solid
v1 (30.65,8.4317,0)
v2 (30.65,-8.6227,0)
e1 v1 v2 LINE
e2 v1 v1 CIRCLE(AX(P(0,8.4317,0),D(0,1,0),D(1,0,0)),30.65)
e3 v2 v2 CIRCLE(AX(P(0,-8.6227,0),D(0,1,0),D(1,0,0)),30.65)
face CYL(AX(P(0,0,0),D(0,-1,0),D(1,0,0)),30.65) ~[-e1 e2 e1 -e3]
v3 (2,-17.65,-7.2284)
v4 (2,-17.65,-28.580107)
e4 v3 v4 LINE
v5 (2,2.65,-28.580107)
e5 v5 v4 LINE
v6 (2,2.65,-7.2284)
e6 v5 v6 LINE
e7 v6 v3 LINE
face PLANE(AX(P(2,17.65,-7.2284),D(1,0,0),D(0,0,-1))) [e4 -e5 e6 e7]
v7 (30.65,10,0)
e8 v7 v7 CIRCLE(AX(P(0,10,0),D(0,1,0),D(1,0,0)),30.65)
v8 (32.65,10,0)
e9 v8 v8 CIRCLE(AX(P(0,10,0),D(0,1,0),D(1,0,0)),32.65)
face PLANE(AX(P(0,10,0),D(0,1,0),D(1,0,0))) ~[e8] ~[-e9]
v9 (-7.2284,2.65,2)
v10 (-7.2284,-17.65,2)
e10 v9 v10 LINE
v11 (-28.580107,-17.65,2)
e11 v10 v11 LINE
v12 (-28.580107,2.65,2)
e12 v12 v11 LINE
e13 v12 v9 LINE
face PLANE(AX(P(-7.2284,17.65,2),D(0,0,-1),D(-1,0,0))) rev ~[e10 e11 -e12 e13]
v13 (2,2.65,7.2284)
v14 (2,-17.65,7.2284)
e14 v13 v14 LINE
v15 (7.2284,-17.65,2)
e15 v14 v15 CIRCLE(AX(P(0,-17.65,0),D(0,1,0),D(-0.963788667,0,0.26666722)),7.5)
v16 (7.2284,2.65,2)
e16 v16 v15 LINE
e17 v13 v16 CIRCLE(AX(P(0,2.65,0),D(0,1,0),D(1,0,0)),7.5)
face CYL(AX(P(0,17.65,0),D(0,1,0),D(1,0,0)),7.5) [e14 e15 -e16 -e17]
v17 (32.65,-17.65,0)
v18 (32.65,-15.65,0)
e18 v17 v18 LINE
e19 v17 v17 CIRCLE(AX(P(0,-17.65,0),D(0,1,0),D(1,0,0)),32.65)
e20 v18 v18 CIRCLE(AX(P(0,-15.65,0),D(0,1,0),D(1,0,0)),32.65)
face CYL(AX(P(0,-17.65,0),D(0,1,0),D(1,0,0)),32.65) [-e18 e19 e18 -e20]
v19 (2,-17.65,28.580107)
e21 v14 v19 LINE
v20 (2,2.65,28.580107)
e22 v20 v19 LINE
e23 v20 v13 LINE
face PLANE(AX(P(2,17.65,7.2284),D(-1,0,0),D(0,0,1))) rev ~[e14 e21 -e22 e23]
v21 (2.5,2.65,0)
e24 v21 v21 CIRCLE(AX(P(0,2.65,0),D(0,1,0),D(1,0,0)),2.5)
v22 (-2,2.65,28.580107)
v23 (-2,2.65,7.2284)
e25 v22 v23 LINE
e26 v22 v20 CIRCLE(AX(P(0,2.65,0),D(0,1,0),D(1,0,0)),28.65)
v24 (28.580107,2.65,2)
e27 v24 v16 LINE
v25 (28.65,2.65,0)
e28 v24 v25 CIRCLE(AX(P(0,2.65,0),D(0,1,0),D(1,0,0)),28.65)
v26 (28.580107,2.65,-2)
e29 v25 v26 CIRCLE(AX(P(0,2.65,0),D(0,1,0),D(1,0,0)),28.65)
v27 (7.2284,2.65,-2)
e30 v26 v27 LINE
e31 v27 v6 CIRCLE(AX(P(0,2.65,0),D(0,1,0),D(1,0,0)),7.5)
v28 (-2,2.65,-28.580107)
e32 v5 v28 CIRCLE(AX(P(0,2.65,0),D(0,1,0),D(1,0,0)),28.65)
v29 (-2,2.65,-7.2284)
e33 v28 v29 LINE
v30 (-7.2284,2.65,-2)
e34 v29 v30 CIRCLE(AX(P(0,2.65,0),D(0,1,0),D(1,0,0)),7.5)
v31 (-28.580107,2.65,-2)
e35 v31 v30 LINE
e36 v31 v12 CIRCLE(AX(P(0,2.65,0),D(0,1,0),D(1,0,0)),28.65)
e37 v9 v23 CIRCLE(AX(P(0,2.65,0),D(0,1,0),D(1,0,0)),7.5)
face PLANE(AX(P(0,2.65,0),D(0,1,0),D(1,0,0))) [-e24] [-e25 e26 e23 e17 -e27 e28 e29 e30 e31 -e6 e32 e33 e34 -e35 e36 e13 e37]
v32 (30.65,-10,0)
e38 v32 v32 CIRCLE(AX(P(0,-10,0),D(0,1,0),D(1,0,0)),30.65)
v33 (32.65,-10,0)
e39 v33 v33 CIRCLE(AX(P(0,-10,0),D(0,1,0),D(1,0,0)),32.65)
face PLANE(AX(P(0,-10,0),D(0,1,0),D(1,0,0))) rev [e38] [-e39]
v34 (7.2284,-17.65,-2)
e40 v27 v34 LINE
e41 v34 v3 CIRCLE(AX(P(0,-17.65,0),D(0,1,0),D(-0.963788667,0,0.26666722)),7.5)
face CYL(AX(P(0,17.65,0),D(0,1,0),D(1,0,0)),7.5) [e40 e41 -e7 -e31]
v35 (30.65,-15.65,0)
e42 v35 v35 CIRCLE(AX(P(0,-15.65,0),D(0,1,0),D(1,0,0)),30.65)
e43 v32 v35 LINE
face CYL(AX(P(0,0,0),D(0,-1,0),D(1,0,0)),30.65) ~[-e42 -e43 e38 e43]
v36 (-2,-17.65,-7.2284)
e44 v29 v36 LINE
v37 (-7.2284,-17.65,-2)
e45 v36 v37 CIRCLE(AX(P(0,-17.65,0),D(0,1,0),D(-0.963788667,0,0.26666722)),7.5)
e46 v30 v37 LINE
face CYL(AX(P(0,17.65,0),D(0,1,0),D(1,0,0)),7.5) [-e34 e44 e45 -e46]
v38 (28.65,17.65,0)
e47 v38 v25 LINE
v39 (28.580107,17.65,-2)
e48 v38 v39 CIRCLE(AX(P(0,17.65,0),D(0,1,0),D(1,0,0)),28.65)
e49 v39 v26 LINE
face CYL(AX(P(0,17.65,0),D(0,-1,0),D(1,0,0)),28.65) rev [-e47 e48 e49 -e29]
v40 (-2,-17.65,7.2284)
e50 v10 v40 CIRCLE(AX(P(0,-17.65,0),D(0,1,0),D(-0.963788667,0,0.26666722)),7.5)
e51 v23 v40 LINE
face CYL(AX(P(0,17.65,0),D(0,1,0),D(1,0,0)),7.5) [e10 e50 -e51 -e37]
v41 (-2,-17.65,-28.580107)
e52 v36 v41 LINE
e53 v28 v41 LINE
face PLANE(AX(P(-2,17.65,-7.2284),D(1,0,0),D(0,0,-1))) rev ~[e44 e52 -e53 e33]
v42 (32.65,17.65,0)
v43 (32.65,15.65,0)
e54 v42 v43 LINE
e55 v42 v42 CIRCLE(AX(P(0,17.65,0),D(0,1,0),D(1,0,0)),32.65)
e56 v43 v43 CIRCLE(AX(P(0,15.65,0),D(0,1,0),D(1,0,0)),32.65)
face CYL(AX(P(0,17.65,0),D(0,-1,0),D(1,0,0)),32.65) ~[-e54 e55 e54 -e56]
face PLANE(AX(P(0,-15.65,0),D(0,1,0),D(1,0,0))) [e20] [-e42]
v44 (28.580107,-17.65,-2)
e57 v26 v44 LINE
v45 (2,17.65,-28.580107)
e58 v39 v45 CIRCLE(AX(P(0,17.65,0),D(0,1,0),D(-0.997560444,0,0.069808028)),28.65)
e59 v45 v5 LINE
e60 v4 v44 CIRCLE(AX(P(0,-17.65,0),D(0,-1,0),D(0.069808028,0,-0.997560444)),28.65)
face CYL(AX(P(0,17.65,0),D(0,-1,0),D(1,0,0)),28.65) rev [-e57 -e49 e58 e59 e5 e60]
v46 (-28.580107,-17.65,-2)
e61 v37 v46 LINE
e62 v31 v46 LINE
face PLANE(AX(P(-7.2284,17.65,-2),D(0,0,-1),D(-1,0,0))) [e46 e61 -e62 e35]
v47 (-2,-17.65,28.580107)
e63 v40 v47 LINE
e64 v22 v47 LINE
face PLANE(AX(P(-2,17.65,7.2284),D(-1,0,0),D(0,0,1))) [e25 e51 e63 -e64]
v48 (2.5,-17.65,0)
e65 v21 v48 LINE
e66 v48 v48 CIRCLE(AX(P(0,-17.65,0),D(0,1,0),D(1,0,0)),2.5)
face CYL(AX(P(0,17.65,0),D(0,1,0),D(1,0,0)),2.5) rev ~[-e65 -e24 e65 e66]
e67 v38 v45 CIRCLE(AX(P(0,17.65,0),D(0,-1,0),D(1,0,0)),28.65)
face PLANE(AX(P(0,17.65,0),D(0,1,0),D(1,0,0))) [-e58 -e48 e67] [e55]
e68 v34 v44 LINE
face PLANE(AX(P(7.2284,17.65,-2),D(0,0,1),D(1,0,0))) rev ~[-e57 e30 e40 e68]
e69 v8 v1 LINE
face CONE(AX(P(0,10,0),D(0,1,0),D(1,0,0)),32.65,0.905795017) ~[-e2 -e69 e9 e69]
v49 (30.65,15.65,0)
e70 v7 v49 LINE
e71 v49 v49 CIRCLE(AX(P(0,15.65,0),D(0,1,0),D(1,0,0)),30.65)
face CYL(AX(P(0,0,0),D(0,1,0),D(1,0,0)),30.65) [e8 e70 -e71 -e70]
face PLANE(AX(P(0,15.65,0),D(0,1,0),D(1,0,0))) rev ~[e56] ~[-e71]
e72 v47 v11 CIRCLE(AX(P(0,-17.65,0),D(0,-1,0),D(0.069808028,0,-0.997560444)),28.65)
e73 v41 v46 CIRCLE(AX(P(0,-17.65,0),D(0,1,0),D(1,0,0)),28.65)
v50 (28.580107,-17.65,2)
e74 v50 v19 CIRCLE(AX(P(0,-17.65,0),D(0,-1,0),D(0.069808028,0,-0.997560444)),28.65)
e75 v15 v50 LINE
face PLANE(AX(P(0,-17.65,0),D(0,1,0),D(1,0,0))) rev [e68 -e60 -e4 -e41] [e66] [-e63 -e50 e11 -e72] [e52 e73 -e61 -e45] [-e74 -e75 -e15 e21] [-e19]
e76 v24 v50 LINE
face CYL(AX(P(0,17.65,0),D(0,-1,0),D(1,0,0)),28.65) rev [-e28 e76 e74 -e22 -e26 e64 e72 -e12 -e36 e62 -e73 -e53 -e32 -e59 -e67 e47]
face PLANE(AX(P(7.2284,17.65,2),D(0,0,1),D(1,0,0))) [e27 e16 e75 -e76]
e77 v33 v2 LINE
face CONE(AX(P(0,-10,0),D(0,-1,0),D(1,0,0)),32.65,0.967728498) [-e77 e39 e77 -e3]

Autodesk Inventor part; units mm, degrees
ref_plane "YZ Plane" through (0, 0, 0) normal (1, 0, 0) x (0, 1, 0)
ref_plane "XZ Plane" through (0, 0, 0) normal (0, 1, 0) x (-1, 0, 0)
ref_plane "XY Plane" through (0, 0, 0) normal (0, 0, 1) x (1, 0, 0)
sketch "Sketch1" plane through (0, 0, 0) normal (0, 0, 1) x (1, 0, 0)
  line L0 (0, 0) -> (30.65, 0)
  line L1 (30.65, 0) -> (30.65, 17.65)
  line L2 (30.65, 0) -> (30.65, 10)
  line L3 (30.65, 17.65) -> (32.65, 17.65)
  line L4 (32.65, 17.65) -> (32.65, 15.65)
  line L5 (32.65, 15.65) -> (30.65, 15.65)
  line L6 (30.65, 10) -> (32.65, 10)
  line L7 (32.65, 10) -> (30.65, 8.4317)
  line L8 (30.65, 0) -> (30.65, -17.65)
  line L9 (30.65, -17.65) -> (32.65, -17.65)
  line L10 (32.65, -17.65) -> (32.65, -15.65)
  line L11 (32.65, -15.65) -> (30.65, -15.65)
  line L12 (30.65, -10) -> (32.65, -10)
  line L13 (30.65, 17.65) -> (28.65, 17.65)
  line L14 (28.65, 17.65) -> (28.65, -17.65)
  line L15 (28.65, -17.65) -> (30.65, -17.65)
  line L16 (32.65, -10) -> (30.65, -8.6227)
  line L17 (0, -24.71) -> (0, 24.71) projected
  dimension "d1" = 30.65
  dimension "d5" = 10
  dimension "d9" = 2
  dimension "d10" = 2
  dimension "d11" = 2
  dimension "d12" = 2
revolve "Revolution1" add sketch "Sketch1" angle 360 about axis through (0, -10, 0) along (0, 1, 0)
sketch "Sketch2" plane through (0, 17.65, 0) normal (0, 1, 0) x (1, 0, 0)
  circle A0 centre (0, 0) radius 28.65
  circle A1 centre (0, 0) radius 7.5
  circle A2 centre (0, 0) radius 28.65 projected
  line L0 (-7.2284, -2) -> (-28.5801, -2)
  line L1 (-38.7788, 0) -> (46.3448, 0) construction
  line L2 (-7.2284, 2) -> (-28.5801, 2)
  line L3 (-7.2284, -2) -> (-7.2284, 2) construction
  line L4 (-7.2284, 2) -> (-29.2518, 2) construction
  line L5 (-29.2518, 2) -> (-29.2518, -2) construction
  line L6 (-29.2518, -2) -> (-7.2284, -2) construction
  line L7 (-7.2284, -2) -> (-7.2284, 2)
  line L8 (-7.2284, 2) -> (-29.2518, 2)
  line L9 (-29.2518, 2) -> (-29.2518, -2)
  line L10 (-29.2518, -2) -> (-7.2284, -2)
  circle A3 centre (0, 0) radius 2.5
  dimension "d14" = 15
  dimension "d16" = 5
extrude "Extrusion1" add sketch "Sketch2" against normal up to surface (35.3 mm away) contours L2 A1 L0 A0 | A0 L10 L9 L8 | A1 L7 picked at (-14.5272, 0.2224) picked at (-5.6523, 0)
pattern_circular "Circular Pattern1" count 4 over 360 about axis through (0, 17.65, 0) along (0, -1, 0) of "Extrusion1"
sketch "Sketch3" plane through (0, 17.65, 0) normal (0, 1, 0) x (1, 0, 0)
  circle A0 centre (0, 0) radius 2.5 projected
  circle A1 centre (0, 0) radius 28.65
extrude "Extrusion2" cut sketch "Sketch3" against normal blind 15
properties part number "OSV Specific Wheel"
